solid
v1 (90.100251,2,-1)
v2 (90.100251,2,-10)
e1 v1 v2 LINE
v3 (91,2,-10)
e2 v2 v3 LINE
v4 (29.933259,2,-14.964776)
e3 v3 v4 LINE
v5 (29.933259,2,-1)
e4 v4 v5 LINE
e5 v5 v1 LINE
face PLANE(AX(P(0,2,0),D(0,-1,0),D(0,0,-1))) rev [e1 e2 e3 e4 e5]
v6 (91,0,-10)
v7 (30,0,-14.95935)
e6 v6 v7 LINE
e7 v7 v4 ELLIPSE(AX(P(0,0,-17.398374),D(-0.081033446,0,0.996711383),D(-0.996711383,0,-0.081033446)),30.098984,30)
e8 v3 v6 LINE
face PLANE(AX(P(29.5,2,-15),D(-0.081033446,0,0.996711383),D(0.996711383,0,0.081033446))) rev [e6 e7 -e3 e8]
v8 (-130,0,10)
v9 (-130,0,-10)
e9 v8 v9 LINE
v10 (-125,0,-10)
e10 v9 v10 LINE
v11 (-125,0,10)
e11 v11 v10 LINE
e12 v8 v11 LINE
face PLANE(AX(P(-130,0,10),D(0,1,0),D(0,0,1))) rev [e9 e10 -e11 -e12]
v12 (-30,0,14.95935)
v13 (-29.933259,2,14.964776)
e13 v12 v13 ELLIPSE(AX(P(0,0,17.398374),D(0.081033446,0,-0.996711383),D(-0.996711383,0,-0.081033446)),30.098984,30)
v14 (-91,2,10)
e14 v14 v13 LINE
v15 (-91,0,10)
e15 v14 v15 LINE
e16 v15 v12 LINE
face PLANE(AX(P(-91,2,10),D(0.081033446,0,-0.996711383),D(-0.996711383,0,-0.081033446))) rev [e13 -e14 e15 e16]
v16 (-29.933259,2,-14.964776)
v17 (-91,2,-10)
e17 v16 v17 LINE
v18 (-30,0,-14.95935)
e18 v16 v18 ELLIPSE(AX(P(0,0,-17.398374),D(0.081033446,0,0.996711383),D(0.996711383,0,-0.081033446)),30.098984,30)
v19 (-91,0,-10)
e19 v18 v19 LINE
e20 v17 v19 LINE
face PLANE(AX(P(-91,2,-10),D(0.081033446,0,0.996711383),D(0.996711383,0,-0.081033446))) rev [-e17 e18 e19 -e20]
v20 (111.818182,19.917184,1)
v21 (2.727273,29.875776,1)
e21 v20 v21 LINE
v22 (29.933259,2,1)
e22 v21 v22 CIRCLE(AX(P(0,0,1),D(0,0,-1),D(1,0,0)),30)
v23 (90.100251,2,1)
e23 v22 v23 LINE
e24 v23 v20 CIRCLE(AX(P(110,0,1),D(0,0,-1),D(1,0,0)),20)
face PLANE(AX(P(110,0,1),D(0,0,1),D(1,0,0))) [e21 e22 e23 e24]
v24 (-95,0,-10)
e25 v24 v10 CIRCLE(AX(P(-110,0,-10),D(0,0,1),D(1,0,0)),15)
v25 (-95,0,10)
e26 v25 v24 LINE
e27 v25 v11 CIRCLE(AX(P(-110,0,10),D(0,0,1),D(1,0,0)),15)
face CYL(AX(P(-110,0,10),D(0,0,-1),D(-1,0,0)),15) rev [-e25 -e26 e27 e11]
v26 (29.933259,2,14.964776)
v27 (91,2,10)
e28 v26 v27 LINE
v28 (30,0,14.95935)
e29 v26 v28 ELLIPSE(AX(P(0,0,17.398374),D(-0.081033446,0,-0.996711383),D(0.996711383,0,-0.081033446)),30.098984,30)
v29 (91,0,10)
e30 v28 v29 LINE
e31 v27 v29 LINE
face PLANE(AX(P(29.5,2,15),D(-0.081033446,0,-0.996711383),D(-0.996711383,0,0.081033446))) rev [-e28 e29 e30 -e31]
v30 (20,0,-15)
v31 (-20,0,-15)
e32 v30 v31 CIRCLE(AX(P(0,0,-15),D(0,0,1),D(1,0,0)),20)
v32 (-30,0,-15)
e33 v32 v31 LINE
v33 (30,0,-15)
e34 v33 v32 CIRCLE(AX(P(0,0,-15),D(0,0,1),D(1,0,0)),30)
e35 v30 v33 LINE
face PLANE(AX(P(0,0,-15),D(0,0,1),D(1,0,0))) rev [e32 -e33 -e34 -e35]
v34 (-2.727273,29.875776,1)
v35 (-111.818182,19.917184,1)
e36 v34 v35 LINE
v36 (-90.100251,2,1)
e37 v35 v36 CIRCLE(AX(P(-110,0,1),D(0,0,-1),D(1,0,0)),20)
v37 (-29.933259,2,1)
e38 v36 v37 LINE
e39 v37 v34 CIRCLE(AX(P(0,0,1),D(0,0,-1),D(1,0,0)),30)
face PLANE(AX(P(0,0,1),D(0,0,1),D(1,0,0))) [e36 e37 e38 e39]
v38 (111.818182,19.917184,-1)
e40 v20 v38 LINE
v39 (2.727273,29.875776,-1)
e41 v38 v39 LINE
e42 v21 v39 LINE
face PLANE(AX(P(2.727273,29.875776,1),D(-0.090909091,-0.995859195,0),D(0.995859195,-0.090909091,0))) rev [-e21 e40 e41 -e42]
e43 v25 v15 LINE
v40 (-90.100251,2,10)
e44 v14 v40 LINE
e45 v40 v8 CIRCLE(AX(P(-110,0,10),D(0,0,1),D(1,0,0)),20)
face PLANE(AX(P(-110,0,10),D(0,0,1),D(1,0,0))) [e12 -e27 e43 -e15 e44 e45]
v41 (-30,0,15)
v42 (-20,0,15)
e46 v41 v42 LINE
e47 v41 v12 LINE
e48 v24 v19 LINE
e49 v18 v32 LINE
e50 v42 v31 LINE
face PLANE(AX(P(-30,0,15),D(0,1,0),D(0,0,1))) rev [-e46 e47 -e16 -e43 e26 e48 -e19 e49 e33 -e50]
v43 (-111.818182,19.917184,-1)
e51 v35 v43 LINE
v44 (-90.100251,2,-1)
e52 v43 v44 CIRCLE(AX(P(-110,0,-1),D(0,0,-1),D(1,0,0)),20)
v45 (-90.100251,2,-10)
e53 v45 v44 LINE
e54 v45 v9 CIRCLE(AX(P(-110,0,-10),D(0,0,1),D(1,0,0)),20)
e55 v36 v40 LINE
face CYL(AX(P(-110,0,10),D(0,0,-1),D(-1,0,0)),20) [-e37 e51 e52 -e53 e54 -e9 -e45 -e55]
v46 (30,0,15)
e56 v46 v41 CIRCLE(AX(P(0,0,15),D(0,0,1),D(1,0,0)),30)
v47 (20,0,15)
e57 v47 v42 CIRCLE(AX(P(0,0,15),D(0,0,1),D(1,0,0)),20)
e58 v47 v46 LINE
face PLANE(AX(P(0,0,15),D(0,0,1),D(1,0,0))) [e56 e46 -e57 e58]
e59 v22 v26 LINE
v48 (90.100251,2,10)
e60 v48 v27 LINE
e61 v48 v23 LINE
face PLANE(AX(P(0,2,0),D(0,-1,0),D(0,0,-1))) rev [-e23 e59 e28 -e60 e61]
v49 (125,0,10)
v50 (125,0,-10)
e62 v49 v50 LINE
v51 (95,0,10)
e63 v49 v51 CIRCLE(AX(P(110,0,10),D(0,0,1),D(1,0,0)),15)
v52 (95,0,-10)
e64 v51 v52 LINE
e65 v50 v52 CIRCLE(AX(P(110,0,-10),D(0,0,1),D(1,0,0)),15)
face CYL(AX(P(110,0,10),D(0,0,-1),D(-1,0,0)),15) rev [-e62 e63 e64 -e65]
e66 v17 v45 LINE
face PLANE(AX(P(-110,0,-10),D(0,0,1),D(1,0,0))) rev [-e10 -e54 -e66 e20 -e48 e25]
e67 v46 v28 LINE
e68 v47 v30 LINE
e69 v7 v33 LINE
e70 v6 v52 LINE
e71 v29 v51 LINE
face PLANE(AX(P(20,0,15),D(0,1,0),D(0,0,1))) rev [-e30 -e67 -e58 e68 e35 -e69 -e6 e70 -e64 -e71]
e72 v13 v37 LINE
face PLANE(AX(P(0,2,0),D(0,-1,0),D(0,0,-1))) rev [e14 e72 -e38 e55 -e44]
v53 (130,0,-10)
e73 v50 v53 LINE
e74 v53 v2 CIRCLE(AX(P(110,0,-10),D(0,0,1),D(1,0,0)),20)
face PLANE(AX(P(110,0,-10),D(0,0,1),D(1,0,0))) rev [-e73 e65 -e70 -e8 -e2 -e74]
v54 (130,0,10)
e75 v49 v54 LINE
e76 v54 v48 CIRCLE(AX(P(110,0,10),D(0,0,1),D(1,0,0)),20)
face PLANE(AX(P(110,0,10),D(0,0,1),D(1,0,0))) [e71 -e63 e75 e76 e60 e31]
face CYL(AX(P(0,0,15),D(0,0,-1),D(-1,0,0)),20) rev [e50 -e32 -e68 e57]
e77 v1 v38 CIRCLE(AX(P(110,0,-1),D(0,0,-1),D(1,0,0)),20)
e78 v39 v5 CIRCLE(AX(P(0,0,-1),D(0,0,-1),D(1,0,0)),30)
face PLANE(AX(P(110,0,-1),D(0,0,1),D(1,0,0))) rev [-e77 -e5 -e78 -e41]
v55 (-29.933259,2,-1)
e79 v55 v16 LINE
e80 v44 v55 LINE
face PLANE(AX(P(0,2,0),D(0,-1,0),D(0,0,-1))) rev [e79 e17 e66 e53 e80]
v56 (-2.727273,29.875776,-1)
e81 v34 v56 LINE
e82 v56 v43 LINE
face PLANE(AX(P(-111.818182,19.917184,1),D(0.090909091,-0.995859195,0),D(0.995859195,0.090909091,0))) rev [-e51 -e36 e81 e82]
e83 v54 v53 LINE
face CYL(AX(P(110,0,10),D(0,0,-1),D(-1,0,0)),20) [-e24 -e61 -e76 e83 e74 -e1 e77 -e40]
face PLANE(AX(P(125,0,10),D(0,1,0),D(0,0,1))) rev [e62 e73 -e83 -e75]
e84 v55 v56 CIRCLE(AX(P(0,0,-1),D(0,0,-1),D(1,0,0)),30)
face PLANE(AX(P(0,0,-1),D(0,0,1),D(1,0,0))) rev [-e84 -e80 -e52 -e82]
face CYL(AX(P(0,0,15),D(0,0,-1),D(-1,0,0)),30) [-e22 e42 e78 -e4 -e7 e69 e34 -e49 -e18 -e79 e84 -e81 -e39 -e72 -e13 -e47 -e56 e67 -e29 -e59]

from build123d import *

# Parameters (mm, degrees)
BOSS_EXTRUDE1_DEPTH   = 15
BOSS_EXTRUDE2_DEPTH   = 10
BOSS_EXTRUDE2_2_DEPTH = 10
BOSS_EXTRUDE3_DEPTH   = 1
BOSS_EXTRUDE8_DEPTH   = 2


with BuildPart() as part:
    # Sketch1 → Boss-Extrude1 (new, symmetric)
    with BuildSketch(Plane.XY):
        with BuildLine():
            Line((-30, 0), (-20, 0))
            ThreePointArc((-20, 0), (0, 20), (20, 0))
            Line((20, 0), (30, 0))
            ThreePointArc((30, 0), (0, 30), (-30, 0))
        make_face()
    extrude(amount=BOSS_EXTRUDE1_DEPTH, both=True)



with BuildPart() as body_2:
    # Sketch1<3> → Boss-Extrude2 (new, symmetric)
    with BuildSketch(Plane.XY):
        with BuildLine():
            Line((-130, 0), (-125, 0))
            ThreePointArc((-125, 0), (-110, 15), (-95, 0))
            Line((-95, 0), (-90, 0))
            ThreePointArc((-90, 0), (-110, 20), (-130, 0))
        make_face()
    extrude(amount=BOSS_EXTRUDE2_DEPTH, both=True)


with BuildPart() as body_3:
    # Sketch1<3> → Boss-Extrude2 2 (new, symmetric)
    with BuildSketch(Plane.XY):
        with BuildLine():
            Line((90, 0), (95, 0))
            ThreePointArc((95, 0), (110, 15), (125, 0))
            Line((125, 0), (130, 0))
            ThreePointArc((130, 0), (110, 20), (90, 0))
        make_face()
    extrude(amount=BOSS_EXTRUDE2_2_DEPTH, both=True)


with BuildPart() as part_1:
    add(part.part)

    add(body_2.part)  # Boss-Extrude3 merges body 2

    add(body_3.part)  # Boss-Extrude3 merges body 3
    # Sketch2 → Boss-Extrude3 (add, symmetric)
    with BuildSketch(Plane.XY):
        with BuildLine():
            Line((-111.818181818, 19.917183909), (-2.727272727, 29.875775864))
            ThreePointArc((-2.727272727, 29.875775864), (-22.156468376, 20.225995874), (-30, 0))
            Line((-30, 0), (-90, 0))
            ThreePointArc((-90, 0), (-96.516002751, 14.770978918), (-111.818181818, 19.917183909))
        make_face()
        with BuildLine():
            Line((2.727272727, 29.875775864), (111.818181818, 19.917183909))
            ThreePointArc((111.818181818, 19.917183909), (96.516002751, 14.770978918), (90, 0))
            Line((90, 0), (30, 0))
            ThreePointArc((30, 0), (22.156468376, 20.225995874), (2.727272727, 29.875775864))
        make_face()
    extrude(amount=BOSS_EXTRUDE3_DEPTH, both=True)

    # Sketch3 → Boss-Extrude8 (add)
    with BuildSketch(Plane(origin=(0, 0, 0), x_dir=(1, 0, 0), z_dir=(0, 1, 0))):
        Polygon((91, 10), (91, -10), (29.5, -15), (29.5, 15), align=None)
        Polygon((-29.5, 15), (-29.5, -15), (-91, -10), (-91, 10), align=None)
    extrude(amount=BOSS_EXTRUDE8_DEPTH)


solid = part_1.part
